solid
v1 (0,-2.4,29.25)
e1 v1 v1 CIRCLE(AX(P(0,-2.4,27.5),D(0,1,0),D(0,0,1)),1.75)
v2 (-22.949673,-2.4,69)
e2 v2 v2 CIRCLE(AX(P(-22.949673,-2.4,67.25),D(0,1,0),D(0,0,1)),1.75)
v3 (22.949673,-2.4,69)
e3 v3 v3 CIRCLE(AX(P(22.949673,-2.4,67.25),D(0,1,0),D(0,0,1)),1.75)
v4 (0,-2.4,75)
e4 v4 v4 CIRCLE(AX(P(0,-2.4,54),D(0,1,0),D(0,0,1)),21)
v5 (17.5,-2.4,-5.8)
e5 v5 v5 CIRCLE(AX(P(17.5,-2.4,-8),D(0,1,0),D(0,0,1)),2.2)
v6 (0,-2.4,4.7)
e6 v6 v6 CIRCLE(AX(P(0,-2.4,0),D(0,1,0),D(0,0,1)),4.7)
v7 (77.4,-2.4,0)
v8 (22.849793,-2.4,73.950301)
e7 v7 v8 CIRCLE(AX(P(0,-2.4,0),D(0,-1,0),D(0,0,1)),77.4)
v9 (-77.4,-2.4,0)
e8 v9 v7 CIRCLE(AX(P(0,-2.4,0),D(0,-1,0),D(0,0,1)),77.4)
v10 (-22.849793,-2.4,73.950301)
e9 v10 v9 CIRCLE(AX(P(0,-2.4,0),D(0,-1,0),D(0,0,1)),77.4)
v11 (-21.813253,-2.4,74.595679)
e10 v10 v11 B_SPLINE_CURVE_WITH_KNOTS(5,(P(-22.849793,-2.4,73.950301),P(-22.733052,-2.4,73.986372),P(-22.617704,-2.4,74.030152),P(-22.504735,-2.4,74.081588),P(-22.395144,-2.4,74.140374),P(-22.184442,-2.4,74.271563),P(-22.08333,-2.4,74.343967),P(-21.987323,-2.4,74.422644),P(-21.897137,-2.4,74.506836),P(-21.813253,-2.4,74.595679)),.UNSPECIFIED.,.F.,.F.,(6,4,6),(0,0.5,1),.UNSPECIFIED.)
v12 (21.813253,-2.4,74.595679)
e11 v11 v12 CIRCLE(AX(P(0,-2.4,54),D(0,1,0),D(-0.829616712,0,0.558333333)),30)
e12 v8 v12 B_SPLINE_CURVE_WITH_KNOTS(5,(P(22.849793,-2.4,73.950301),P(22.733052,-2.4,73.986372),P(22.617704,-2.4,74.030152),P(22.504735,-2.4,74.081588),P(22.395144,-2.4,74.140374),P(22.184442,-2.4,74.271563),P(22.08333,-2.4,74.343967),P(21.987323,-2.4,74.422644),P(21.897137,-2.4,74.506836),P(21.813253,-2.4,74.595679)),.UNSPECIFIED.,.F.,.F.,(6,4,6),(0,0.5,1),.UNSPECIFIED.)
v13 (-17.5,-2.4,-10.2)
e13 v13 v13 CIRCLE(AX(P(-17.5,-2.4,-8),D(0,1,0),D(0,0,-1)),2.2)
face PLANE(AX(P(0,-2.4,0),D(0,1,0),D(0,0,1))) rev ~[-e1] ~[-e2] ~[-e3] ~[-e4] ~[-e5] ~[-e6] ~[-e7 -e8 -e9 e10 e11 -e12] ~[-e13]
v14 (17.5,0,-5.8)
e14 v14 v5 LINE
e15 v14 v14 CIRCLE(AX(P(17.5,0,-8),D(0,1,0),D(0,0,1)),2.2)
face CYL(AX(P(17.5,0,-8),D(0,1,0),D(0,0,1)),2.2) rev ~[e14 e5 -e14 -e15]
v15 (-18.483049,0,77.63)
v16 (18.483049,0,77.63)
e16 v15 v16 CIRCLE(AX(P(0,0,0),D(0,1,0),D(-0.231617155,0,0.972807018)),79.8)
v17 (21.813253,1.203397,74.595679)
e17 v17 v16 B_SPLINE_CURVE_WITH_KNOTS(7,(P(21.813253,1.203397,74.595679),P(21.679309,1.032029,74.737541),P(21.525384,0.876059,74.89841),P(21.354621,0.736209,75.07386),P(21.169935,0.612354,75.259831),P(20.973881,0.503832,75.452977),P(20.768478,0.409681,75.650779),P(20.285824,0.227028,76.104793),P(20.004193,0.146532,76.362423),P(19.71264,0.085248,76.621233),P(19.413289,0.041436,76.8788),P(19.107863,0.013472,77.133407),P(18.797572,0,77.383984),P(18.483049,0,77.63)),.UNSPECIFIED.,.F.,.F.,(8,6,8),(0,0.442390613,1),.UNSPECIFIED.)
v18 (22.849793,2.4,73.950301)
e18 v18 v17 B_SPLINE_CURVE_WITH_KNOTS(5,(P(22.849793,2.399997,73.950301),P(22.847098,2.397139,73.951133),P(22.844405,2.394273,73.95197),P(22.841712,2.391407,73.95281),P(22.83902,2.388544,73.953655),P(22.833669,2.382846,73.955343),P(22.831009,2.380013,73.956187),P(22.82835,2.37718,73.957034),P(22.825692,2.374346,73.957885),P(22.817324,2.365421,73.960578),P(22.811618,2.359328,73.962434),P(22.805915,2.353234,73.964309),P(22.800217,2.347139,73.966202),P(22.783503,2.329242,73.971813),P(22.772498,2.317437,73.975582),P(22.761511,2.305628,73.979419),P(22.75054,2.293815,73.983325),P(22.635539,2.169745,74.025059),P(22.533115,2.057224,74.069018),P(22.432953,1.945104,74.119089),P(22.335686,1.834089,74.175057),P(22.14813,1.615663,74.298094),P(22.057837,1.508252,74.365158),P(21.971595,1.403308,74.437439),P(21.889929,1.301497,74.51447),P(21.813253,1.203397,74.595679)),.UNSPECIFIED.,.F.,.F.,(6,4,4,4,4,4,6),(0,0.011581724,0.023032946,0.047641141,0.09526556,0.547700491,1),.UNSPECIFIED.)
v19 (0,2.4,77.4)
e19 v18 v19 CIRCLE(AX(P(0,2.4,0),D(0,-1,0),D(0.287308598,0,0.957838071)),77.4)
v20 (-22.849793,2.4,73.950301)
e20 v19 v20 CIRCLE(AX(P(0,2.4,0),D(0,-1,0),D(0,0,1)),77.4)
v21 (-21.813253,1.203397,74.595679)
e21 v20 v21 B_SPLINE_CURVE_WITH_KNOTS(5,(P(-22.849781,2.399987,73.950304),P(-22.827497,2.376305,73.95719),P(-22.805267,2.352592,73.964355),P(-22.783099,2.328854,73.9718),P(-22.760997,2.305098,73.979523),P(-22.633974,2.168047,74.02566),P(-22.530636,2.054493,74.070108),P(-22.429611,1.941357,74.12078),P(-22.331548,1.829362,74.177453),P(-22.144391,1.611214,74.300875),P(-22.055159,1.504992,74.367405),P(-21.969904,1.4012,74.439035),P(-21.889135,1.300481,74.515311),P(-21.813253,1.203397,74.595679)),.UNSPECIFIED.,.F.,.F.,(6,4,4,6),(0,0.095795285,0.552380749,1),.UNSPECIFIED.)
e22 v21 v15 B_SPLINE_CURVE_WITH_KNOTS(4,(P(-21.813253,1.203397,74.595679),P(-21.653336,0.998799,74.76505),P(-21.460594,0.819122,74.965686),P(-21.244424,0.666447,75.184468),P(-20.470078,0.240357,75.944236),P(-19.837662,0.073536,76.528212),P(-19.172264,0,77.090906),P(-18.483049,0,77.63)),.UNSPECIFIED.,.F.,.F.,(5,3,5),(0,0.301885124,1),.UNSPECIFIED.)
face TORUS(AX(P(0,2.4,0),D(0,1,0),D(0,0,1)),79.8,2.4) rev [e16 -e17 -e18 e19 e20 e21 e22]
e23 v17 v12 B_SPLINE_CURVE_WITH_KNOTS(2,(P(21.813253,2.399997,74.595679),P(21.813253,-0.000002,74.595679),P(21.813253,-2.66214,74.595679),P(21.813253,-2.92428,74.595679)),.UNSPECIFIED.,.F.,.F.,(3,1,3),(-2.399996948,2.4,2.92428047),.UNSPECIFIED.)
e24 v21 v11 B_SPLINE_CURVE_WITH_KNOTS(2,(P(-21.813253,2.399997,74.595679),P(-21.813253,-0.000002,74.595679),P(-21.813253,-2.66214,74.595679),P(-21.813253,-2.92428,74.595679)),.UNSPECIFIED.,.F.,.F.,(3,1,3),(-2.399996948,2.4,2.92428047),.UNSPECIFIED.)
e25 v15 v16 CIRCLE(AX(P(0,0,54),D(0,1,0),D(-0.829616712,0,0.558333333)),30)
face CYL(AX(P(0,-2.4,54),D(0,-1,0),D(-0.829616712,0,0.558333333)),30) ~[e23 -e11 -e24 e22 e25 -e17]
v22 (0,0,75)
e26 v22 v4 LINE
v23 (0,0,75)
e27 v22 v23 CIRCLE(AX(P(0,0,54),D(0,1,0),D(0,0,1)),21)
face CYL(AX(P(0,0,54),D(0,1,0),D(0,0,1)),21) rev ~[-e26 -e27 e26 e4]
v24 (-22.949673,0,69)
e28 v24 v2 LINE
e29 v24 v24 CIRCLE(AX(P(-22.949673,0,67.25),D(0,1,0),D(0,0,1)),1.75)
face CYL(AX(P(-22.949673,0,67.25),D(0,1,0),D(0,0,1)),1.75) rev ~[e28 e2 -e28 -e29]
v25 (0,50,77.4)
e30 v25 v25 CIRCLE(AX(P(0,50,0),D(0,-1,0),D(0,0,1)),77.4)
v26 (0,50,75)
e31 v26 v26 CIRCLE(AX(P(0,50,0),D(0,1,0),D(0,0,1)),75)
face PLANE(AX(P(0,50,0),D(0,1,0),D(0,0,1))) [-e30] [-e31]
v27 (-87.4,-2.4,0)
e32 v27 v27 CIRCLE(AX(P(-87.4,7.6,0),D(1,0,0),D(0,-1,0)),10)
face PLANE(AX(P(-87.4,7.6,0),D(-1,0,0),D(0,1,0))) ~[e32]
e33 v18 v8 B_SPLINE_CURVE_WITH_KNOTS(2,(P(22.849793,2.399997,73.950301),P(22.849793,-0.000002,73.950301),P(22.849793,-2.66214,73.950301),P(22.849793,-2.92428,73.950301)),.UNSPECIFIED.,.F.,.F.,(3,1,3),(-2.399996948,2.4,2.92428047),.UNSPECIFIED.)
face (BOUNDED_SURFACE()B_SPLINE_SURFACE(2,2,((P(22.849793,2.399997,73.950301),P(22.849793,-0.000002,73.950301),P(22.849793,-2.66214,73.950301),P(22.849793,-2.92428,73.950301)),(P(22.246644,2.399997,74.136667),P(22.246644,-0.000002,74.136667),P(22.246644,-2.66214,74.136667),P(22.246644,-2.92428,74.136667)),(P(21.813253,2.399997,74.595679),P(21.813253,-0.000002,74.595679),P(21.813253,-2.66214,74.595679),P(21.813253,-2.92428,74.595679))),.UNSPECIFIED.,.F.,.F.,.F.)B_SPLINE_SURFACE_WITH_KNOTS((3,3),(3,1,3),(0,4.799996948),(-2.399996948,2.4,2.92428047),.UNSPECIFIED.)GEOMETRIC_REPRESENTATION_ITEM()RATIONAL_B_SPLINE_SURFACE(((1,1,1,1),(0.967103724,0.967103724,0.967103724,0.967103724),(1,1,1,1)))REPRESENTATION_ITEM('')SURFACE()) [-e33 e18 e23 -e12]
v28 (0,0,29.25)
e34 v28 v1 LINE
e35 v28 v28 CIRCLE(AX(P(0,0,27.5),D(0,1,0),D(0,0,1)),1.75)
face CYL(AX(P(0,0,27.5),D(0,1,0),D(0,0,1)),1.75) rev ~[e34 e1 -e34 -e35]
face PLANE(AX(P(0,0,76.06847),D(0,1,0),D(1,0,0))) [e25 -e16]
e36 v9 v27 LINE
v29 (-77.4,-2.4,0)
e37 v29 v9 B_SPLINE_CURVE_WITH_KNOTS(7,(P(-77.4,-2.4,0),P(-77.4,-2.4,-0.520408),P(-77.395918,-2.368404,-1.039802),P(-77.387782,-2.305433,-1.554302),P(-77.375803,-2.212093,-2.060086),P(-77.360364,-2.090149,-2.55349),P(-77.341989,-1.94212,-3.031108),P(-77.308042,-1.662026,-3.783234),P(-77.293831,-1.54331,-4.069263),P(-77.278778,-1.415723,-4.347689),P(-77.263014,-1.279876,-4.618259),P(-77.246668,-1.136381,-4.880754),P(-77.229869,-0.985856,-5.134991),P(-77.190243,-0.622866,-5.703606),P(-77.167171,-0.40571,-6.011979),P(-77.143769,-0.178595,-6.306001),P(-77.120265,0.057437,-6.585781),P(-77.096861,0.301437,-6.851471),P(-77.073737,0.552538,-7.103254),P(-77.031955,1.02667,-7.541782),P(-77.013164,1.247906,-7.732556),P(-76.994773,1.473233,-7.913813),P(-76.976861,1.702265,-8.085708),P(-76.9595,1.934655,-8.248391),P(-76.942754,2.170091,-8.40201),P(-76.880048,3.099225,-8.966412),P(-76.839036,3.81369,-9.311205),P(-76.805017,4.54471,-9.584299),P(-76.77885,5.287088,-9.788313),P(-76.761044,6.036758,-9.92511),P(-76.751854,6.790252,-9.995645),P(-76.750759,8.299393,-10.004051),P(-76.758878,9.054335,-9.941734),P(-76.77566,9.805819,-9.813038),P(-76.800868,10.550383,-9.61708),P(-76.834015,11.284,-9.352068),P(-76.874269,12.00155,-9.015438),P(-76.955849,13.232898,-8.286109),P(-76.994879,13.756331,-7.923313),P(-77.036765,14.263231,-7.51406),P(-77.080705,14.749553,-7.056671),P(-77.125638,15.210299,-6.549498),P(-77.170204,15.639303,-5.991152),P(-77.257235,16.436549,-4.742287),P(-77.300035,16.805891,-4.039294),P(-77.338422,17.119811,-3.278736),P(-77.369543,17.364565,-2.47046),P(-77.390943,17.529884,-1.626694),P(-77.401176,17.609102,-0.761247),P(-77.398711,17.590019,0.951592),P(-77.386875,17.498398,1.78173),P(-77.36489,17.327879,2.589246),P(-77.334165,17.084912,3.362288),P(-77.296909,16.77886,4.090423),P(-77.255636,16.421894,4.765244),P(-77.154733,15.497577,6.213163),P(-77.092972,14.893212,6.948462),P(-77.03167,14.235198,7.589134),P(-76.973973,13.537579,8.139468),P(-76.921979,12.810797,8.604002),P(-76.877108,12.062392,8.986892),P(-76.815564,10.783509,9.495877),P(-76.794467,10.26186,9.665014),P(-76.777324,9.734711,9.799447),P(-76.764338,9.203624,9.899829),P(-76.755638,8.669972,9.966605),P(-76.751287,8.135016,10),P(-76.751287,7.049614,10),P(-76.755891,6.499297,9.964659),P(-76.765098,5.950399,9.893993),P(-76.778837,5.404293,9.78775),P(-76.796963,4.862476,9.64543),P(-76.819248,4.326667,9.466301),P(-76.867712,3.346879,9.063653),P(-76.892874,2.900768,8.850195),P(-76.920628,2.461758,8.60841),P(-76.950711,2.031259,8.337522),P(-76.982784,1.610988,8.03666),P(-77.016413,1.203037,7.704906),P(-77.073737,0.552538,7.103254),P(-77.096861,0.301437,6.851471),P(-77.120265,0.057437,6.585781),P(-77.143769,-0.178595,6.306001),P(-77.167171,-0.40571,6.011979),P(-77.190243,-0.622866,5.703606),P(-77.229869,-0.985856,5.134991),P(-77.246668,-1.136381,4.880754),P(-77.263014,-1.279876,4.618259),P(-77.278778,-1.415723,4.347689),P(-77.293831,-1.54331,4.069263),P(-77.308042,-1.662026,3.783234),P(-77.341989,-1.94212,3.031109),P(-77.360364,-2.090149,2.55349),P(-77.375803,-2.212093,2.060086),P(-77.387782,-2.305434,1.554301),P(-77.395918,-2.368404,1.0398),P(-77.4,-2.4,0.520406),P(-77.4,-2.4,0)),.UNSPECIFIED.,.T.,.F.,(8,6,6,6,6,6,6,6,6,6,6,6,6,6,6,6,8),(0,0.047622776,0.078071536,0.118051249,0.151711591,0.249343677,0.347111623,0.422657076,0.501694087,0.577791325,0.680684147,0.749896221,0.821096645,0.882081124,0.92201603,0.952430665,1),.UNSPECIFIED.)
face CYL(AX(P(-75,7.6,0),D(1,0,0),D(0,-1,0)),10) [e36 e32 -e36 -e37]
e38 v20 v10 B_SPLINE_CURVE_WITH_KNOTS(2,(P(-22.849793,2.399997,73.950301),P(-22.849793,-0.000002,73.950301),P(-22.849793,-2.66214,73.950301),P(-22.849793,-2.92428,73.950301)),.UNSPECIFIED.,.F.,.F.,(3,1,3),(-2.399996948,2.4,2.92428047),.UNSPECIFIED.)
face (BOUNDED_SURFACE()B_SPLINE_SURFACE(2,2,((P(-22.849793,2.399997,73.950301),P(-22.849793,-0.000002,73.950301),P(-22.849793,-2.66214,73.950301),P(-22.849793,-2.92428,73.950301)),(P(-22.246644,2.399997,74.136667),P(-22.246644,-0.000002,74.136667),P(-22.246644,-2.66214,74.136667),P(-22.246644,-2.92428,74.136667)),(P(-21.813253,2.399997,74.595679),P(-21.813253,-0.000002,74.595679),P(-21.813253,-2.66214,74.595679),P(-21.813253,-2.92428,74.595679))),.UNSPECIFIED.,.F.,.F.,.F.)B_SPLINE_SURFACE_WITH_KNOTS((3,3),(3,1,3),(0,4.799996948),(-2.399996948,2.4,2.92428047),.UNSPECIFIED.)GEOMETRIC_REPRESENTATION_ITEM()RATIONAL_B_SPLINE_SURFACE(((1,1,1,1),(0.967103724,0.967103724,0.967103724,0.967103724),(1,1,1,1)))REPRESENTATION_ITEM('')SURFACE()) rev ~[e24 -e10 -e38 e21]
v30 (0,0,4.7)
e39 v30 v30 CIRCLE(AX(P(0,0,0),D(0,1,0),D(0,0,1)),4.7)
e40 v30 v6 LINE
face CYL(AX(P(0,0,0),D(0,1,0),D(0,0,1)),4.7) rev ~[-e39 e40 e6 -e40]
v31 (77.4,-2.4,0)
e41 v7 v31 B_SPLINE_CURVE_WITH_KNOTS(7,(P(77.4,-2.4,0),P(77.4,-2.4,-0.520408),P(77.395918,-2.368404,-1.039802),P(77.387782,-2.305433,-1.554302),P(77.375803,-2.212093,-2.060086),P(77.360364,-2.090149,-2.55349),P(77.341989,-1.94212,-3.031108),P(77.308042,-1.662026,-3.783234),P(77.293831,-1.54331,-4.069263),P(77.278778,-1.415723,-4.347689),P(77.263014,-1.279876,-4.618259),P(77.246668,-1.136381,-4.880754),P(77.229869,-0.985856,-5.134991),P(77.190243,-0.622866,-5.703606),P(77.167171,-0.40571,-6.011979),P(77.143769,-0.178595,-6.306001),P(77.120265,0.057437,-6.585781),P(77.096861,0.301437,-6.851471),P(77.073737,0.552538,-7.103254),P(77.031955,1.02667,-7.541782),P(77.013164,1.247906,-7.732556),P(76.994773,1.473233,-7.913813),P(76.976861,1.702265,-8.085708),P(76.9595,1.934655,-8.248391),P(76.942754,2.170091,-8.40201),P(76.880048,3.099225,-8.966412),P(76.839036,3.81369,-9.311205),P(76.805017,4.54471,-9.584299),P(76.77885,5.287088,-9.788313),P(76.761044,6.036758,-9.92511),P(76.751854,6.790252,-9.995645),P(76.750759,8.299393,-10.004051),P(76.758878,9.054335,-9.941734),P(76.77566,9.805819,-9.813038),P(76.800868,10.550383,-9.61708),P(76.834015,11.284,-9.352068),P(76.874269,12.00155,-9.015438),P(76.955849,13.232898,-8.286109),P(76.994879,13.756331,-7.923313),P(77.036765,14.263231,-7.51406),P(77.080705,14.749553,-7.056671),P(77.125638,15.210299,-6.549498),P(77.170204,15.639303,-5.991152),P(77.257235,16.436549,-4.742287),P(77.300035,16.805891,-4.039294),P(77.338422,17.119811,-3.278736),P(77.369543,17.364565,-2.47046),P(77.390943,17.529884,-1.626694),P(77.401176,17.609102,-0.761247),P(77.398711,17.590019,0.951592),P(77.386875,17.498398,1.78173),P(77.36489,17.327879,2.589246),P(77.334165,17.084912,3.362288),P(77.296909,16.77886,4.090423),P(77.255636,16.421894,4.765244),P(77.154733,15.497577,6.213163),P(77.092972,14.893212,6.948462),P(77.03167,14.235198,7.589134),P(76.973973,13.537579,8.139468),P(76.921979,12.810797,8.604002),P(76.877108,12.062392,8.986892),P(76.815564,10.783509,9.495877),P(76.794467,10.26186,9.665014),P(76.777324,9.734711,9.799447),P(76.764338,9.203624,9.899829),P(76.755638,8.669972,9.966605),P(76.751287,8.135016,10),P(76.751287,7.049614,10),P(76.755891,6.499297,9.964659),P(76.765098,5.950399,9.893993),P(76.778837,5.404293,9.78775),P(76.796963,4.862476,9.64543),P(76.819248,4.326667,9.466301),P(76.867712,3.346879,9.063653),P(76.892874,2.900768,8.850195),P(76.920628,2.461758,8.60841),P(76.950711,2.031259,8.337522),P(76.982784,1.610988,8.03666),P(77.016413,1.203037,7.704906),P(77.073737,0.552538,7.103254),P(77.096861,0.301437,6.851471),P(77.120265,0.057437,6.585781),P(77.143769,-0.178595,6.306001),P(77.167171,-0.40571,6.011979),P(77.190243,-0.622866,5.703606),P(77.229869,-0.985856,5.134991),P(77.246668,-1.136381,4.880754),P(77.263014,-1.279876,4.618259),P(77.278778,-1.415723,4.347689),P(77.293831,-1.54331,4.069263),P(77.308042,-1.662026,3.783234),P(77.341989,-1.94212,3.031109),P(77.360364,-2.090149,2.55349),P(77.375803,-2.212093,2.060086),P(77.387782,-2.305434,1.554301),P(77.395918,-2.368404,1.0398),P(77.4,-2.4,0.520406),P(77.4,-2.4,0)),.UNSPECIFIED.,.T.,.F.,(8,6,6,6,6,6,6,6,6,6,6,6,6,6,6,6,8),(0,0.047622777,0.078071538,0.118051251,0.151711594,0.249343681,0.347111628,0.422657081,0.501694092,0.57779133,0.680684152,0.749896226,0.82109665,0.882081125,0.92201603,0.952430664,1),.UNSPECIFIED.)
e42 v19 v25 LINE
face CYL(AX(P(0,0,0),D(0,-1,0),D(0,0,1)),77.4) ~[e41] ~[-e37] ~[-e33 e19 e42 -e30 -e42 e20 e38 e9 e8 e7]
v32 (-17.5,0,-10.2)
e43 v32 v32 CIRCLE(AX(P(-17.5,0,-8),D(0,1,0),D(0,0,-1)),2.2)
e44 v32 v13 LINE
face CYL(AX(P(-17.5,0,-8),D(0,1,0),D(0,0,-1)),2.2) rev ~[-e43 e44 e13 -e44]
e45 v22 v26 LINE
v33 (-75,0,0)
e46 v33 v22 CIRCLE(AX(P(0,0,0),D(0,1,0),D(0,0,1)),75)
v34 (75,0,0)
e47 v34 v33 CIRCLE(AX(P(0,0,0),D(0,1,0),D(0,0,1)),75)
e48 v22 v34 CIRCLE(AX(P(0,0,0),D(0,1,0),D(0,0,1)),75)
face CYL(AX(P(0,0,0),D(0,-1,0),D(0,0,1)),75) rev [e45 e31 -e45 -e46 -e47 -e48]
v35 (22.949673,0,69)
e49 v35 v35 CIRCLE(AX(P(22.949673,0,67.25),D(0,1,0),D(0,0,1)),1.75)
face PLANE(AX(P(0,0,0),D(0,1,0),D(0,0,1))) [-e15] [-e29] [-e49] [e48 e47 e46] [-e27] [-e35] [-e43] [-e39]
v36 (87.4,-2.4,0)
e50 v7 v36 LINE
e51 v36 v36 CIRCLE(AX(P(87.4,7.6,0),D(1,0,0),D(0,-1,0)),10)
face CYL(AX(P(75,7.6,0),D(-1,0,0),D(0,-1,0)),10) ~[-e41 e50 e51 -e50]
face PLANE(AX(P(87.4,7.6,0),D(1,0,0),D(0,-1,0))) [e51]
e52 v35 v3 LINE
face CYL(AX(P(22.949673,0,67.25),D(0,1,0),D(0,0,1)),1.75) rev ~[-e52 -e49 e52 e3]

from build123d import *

# Parameters (mm, degrees)
SKETCH1_R           = 75
BOSS_EXTRUDE1_DEPTH = 50
SHELL1_T            = 2.4
SKETCH2_R           = 21
SKETCH2_R_2         = 1.75
CUT_EXTRUDE1_DEPTH  = 121.3391873
BOSS_EXTRUDE3_START = -2.4
BOSS_EXTRUDE3_DEPTH = 2.4
FILLET1_R           = 2.4
SKETCH5_R           = 10
BOSS_EXTRUDE5_DEPTH = 12.4
SKETCH6_R           = 4.7
SKETCH6_R_2         = 2.2
CUT_EXTRUDE2_DEPTH  = 132.12879182


with BuildPart() as part:
    # Sketch1 → Boss-Extrude1 (new body)
    with BuildSketch(Plane(origin=(0, 0, 0), x_dir=(1, 0, 0), z_dir=(0, 1, 0))):
        with Locations(Location((0, 0, 0), (0, 0, 270))):
            Circle(SKETCH1_R)
    extrude(amount=BOSS_EXTRUDE1_DEPTH)

    # Shell1
    shell1_openings = [part.faces().sort_by_distance(p)[0] for p in [
        (0, 50, 0),
    ]]
    offset(amount=SHELL1_T, openings=shell1_openings, kind=Kind.INTERSECTION)

    # Sketch2 → Cut-Extrude1 (cut, through all)
    with BuildSketch(Plane(origin=(0, 0, 0), x_dir=(1, 0, 0), z_dir=(0, 1, 0))):
        with Locations(Location((0, -54, 0), (0, 0, 270))):
            Circle(SKETCH2_R)
        with Locations(Location((0, -27.5, 0), (0, 0, 270))):
            Circle(SKETCH2_R_2)
        with Locations(Location((22.9496732, -67.25, 0), (0, 0, 270))):
            Circle(SKETCH2_R_2)
        with Locations(Location((-22.9496732, -67.25, 0), (0, 0, 270))):
            Circle(SKETCH2_R_2)
    extrude(amount=-CUT_EXTRUDE1_DEPTH, mode=Mode.SUBTRACT)

    # Sketch3 → Boss-Extrude3 (add)
    with BuildSketch(Plane(origin=(0, 0, 0), x_dir=(1, 0, 0), z_dir=(0, 1, 0)).offset(BOSS_EXTRUDE3_START)):
        with BuildLine():
            ThreePointArc((-24.888501361, -70.75), (0, -84), (24.888501361, -70.75))
            ThreePointArc((24.888501361, -70.75), (0, -75), (-24.888501361, -70.75))
        make_face()
    extrude(amount=BOSS_EXTRUDE3_DEPTH)

    # Fillet1
    fillet1_edges = [part.edges().sort_by_distance(p)[0] for p in [
        (-22.237685481, -1.2, 74.136666667),
        (22.237685481, -1.2, 74.136666667),
        (11.237926855, 0, 76.579821102),
    ]]
    fillet(fillet1_edges, radius=FILLET1_R)

    # Sketch5 → Boss-Extrude5 (add)
    with BuildSketch(Plane(origin=(75, 0, 0), x_dir=(0, 0, -1), z_dir=(1, 0, 0))):
        with Locations(Location((0, 7.6, 0), (0, 0, 270))):
            Circle(SKETCH5_R)
    boss_extrude5 = extrude(amount=BOSS_EXTRUDE5_DEPTH)

    # Mirror1: Boss-Extrude5 across plane
    add(boss_extrude5.mirror(Plane(origin=(0, 0, 0), x_dir=(0, 0, 1), z_dir=(1, 0, 0))))

    # Sketch6 → Cut-Extrude2 (cut, through all)
    with BuildSketch(Plane(origin=(0, 0, 0), x_dir=(1, 0, 0), z_dir=(0, 1, 0))):
        with Locations(Location((0, 0, 0), (0, 0, 270))):
            Circle(SKETCH6_R)
        with Locations(Location((17.5, 8, 0), (0, 0, 270))):
            Circle(SKETCH6_R_2)
        with Locations(Location((-17.5, 8, 0), (0, 0, 90))):
            Circle(SKETCH6_R_2)
    extrude(amount=-CUT_EXTRUDE2_DEPTH, mode=Mode.SUBTRACT)


solid = part.part
